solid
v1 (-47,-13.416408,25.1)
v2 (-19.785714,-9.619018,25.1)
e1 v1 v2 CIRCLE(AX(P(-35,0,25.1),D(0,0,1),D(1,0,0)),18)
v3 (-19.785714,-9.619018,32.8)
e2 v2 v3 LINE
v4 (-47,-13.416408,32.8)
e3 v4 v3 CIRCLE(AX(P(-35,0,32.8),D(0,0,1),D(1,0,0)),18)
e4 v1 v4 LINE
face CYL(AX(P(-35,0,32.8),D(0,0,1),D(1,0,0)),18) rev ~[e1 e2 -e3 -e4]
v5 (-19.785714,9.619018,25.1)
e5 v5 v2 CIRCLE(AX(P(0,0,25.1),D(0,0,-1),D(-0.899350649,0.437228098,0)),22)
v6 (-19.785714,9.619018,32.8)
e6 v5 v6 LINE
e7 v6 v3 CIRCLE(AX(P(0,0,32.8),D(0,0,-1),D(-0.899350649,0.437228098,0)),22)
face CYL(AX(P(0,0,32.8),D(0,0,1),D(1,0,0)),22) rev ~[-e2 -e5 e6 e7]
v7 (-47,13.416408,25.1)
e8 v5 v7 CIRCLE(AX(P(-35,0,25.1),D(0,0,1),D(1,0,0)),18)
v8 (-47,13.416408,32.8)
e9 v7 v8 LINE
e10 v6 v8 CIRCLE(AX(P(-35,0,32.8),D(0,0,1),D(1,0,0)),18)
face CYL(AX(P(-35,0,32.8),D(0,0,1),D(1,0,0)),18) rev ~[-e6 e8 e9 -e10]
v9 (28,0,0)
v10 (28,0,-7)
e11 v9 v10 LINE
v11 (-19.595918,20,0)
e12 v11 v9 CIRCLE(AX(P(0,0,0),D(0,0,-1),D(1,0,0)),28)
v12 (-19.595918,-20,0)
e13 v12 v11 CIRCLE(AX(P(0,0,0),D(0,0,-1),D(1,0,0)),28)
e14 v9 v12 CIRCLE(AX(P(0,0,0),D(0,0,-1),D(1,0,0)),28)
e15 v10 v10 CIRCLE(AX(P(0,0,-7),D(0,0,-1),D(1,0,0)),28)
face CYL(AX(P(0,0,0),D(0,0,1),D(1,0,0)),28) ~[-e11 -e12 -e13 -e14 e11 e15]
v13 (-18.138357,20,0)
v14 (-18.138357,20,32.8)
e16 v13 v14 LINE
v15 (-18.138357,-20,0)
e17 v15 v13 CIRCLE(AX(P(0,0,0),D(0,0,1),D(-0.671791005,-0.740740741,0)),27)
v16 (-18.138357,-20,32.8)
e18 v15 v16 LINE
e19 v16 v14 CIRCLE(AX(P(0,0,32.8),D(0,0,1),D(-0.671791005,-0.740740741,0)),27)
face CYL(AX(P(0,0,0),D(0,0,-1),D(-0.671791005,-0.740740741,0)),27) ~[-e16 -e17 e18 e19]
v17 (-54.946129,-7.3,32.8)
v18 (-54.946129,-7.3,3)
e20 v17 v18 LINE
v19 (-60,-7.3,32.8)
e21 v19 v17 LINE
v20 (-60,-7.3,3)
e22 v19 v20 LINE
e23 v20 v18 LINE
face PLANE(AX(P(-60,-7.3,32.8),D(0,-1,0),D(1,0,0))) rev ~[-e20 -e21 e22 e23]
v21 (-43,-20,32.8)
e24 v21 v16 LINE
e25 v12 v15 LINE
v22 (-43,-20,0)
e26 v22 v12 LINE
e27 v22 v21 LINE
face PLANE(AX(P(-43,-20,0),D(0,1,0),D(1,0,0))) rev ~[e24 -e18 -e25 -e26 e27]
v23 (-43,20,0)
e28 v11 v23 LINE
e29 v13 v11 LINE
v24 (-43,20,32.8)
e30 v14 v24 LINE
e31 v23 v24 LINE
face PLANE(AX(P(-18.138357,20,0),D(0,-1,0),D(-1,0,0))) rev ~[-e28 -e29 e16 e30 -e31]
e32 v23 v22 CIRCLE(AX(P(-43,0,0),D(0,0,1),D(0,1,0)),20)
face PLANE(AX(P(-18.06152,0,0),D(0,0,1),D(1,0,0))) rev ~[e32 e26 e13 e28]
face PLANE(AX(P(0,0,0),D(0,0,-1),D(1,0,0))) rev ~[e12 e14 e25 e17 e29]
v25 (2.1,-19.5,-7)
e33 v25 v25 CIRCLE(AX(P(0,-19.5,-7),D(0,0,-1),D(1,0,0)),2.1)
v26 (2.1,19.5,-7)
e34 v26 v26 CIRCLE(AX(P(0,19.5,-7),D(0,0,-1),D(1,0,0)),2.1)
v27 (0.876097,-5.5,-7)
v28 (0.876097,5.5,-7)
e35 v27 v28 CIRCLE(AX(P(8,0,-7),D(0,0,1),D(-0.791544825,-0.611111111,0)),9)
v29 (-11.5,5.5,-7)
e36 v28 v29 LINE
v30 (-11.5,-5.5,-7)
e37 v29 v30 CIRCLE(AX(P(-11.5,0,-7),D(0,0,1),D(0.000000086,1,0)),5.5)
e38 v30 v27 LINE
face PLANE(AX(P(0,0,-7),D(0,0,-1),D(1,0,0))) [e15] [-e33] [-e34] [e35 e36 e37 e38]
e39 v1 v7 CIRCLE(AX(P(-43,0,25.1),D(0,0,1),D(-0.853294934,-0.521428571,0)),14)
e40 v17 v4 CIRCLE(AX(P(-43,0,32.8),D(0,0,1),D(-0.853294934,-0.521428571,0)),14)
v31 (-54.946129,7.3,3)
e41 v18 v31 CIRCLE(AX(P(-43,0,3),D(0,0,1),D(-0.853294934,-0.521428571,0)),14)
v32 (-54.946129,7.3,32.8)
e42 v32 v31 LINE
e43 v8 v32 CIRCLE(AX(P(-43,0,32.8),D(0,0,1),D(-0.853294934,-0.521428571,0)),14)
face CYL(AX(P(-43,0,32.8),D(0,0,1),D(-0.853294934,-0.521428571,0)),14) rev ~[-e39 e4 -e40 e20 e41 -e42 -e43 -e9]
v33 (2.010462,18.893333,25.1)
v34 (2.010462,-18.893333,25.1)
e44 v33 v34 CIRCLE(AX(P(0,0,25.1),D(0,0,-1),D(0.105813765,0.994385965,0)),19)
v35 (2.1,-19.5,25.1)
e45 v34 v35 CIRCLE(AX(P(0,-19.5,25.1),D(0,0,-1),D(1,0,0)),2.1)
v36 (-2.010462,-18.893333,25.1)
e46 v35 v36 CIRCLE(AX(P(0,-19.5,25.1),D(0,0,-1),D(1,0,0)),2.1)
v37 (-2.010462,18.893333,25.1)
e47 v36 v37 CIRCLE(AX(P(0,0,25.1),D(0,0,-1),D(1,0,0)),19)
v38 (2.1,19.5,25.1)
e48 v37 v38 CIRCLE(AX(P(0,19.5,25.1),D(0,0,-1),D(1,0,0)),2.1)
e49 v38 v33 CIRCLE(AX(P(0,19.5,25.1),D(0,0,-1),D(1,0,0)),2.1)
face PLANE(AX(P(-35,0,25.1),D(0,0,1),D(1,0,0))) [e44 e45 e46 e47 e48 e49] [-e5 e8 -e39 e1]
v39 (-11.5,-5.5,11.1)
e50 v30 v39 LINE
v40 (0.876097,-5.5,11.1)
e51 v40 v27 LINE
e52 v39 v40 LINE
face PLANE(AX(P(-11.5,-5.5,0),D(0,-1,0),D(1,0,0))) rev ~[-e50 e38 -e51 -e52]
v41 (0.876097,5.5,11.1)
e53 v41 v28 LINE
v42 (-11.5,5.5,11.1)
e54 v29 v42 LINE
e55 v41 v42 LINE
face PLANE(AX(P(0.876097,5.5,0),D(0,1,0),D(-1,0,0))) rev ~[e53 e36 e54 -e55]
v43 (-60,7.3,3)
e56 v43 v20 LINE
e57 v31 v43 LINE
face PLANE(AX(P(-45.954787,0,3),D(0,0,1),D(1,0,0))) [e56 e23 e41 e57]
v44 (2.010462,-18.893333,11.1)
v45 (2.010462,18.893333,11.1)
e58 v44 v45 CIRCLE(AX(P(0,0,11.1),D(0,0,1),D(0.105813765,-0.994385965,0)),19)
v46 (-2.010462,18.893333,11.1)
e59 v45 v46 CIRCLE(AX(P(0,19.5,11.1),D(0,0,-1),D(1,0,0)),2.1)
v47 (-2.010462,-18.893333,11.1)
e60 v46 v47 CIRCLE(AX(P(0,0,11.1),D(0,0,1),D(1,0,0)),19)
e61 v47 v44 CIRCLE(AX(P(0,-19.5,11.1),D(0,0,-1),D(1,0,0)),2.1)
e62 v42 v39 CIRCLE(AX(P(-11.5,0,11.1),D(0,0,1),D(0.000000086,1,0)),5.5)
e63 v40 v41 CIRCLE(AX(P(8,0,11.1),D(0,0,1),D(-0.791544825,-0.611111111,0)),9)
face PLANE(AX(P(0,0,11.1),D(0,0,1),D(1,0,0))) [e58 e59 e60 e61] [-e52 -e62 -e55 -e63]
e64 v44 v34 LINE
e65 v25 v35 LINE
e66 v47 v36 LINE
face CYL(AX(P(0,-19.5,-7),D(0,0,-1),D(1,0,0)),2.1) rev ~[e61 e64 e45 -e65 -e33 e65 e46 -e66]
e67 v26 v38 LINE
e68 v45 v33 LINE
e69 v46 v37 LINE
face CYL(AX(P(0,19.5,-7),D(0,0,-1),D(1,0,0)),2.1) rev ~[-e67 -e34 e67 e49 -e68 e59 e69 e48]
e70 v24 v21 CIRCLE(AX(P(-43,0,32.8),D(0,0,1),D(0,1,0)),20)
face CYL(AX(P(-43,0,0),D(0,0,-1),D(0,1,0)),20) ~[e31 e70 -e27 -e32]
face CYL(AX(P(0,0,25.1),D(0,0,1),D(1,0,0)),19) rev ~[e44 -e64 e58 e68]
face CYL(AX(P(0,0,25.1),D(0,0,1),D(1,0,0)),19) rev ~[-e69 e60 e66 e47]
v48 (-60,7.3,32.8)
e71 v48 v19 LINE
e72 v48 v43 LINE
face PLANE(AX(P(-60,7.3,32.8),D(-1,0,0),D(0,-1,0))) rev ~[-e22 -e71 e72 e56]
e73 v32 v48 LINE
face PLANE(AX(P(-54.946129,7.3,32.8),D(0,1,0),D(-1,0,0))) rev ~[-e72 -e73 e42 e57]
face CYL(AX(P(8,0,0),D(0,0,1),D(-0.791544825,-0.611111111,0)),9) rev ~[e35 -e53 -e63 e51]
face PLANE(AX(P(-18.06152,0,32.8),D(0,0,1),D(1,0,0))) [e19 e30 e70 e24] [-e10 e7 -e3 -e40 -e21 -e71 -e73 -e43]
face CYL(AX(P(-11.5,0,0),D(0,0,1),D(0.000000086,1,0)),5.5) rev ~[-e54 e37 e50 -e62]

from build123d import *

# Parameters (mm, degrees)
F1_DEPTH  = 32.8
F2_R      = 22
F3_DEPTH  = 7.7
F4_R      = 19
F5_DEPTH  = 14
F7_DEPTH  = 29.8
F8_R      = 18
F9_DEPTH  = 7.7
F10_R     = 28
F11_DEPTH = 7
F12_R     = 2.1
F13_DEPTH = 39.801
F14_DEPTH = 11.1


with BuildPart() as f1:
    # F0 (on Top) → F1 (new body)
    with BuildSketch(Plane.XY):
        with BuildLine():
            Line((-43, -20), (-18.1383571472, -20))
            ThreePointArc((-18.1383571472, -20), (27, 0), (-18.1383571472, 20))
            Line((-18.1383571472, 20), (-43, 20))
            ThreePointArc((-43, 20), (-63, 0), (-43, -20))
        make_face()
    extrude(amount=F1_DEPTH)

    # F2 (on face) → F3 (cut)
    with BuildSketch(Plane.XY.offset(32.8)):
        Circle(F2_R)
    extrude(amount=-F3_DEPTH, mode=Mode.SUBTRACT)

    # F4 (on face) → F5 (cut)
    with BuildSketch(Plane.XY.offset(25.1)):
        Circle(F4_R)
    extrude(amount=-F5_DEPTH, mode=Mode.SUBTRACT)

    # F6 (on face) → F7 (cut)
    with BuildSketch(Plane.XY.offset(32.8)):
        with BuildLine():
            Line((-60, -7.3), (-54.9461290802, -7.3))
            ThreePointArc((-54.9461290802, -7.3), (-29, 0), (-54.9461290802, 7.3))
            Line((-54.9461290802, 7.3), (-60, 7.3))
            Line((-60, 7.3), (-60, -7.3))
        make_face()
    extrude(amount=-F7_DEPTH, mode=Mode.SUBTRACT)

    # F8 (on face) → F9 (cut)
    with BuildSketch(Plane.XY.offset(32.8)):
        with Locations((-35, 0)):
            Circle(F8_R)
    extrude(amount=-F9_DEPTH, mode=Mode.SUBTRACT)

    # F10 (on face) → F11 (join)
    with BuildSketch(Plane(origin=(0, 0, 0), x_dir=(1, 0, 0), z_dir=(0, 0, -1))):
        Circle(F10_R)
        with BuildLine():
            ThreePointArc((0.8760965756, 5.5), (17, 0), (0.8760965756, -5.5))
            Line((0.8760965756, -5.5), (-11.4999995261, -5.5))
            ThreePointArc((-11.4999995261, -5.5), (-17, 0), (-11.4999995261, 5.5))
            Line((-11.4999995261, 5.5), (0.8760965756, 5.5))
        make_face(mode=Mode.SUBTRACT)
    extrude(amount=F11_DEPTH)

    # F12 (on face) → F13 (cut, through all)
    with BuildSketch(Plane(origin=(0, 0, -7), x_dir=(1, 0, 0), z_dir=(0, 0, -1))):
        with Locations((0, -19.5)):
            Circle(F12_R)
        with Locations((0, 19.5)):
            Circle(F12_R)
    extrude(amount=-F13_DEPTH, mode=Mode.SUBTRACT)

    # F14 (cut, through all): a face of the model
    f14_faces = [f1.faces().sort_by_distance(p)[0] for p in [
        (1.5412658512, 0, 0),
    ]]
    extrude(f14_faces, amount=-F14_DEPTH, mode=Mode.SUBTRACT)


solid = f1.part
